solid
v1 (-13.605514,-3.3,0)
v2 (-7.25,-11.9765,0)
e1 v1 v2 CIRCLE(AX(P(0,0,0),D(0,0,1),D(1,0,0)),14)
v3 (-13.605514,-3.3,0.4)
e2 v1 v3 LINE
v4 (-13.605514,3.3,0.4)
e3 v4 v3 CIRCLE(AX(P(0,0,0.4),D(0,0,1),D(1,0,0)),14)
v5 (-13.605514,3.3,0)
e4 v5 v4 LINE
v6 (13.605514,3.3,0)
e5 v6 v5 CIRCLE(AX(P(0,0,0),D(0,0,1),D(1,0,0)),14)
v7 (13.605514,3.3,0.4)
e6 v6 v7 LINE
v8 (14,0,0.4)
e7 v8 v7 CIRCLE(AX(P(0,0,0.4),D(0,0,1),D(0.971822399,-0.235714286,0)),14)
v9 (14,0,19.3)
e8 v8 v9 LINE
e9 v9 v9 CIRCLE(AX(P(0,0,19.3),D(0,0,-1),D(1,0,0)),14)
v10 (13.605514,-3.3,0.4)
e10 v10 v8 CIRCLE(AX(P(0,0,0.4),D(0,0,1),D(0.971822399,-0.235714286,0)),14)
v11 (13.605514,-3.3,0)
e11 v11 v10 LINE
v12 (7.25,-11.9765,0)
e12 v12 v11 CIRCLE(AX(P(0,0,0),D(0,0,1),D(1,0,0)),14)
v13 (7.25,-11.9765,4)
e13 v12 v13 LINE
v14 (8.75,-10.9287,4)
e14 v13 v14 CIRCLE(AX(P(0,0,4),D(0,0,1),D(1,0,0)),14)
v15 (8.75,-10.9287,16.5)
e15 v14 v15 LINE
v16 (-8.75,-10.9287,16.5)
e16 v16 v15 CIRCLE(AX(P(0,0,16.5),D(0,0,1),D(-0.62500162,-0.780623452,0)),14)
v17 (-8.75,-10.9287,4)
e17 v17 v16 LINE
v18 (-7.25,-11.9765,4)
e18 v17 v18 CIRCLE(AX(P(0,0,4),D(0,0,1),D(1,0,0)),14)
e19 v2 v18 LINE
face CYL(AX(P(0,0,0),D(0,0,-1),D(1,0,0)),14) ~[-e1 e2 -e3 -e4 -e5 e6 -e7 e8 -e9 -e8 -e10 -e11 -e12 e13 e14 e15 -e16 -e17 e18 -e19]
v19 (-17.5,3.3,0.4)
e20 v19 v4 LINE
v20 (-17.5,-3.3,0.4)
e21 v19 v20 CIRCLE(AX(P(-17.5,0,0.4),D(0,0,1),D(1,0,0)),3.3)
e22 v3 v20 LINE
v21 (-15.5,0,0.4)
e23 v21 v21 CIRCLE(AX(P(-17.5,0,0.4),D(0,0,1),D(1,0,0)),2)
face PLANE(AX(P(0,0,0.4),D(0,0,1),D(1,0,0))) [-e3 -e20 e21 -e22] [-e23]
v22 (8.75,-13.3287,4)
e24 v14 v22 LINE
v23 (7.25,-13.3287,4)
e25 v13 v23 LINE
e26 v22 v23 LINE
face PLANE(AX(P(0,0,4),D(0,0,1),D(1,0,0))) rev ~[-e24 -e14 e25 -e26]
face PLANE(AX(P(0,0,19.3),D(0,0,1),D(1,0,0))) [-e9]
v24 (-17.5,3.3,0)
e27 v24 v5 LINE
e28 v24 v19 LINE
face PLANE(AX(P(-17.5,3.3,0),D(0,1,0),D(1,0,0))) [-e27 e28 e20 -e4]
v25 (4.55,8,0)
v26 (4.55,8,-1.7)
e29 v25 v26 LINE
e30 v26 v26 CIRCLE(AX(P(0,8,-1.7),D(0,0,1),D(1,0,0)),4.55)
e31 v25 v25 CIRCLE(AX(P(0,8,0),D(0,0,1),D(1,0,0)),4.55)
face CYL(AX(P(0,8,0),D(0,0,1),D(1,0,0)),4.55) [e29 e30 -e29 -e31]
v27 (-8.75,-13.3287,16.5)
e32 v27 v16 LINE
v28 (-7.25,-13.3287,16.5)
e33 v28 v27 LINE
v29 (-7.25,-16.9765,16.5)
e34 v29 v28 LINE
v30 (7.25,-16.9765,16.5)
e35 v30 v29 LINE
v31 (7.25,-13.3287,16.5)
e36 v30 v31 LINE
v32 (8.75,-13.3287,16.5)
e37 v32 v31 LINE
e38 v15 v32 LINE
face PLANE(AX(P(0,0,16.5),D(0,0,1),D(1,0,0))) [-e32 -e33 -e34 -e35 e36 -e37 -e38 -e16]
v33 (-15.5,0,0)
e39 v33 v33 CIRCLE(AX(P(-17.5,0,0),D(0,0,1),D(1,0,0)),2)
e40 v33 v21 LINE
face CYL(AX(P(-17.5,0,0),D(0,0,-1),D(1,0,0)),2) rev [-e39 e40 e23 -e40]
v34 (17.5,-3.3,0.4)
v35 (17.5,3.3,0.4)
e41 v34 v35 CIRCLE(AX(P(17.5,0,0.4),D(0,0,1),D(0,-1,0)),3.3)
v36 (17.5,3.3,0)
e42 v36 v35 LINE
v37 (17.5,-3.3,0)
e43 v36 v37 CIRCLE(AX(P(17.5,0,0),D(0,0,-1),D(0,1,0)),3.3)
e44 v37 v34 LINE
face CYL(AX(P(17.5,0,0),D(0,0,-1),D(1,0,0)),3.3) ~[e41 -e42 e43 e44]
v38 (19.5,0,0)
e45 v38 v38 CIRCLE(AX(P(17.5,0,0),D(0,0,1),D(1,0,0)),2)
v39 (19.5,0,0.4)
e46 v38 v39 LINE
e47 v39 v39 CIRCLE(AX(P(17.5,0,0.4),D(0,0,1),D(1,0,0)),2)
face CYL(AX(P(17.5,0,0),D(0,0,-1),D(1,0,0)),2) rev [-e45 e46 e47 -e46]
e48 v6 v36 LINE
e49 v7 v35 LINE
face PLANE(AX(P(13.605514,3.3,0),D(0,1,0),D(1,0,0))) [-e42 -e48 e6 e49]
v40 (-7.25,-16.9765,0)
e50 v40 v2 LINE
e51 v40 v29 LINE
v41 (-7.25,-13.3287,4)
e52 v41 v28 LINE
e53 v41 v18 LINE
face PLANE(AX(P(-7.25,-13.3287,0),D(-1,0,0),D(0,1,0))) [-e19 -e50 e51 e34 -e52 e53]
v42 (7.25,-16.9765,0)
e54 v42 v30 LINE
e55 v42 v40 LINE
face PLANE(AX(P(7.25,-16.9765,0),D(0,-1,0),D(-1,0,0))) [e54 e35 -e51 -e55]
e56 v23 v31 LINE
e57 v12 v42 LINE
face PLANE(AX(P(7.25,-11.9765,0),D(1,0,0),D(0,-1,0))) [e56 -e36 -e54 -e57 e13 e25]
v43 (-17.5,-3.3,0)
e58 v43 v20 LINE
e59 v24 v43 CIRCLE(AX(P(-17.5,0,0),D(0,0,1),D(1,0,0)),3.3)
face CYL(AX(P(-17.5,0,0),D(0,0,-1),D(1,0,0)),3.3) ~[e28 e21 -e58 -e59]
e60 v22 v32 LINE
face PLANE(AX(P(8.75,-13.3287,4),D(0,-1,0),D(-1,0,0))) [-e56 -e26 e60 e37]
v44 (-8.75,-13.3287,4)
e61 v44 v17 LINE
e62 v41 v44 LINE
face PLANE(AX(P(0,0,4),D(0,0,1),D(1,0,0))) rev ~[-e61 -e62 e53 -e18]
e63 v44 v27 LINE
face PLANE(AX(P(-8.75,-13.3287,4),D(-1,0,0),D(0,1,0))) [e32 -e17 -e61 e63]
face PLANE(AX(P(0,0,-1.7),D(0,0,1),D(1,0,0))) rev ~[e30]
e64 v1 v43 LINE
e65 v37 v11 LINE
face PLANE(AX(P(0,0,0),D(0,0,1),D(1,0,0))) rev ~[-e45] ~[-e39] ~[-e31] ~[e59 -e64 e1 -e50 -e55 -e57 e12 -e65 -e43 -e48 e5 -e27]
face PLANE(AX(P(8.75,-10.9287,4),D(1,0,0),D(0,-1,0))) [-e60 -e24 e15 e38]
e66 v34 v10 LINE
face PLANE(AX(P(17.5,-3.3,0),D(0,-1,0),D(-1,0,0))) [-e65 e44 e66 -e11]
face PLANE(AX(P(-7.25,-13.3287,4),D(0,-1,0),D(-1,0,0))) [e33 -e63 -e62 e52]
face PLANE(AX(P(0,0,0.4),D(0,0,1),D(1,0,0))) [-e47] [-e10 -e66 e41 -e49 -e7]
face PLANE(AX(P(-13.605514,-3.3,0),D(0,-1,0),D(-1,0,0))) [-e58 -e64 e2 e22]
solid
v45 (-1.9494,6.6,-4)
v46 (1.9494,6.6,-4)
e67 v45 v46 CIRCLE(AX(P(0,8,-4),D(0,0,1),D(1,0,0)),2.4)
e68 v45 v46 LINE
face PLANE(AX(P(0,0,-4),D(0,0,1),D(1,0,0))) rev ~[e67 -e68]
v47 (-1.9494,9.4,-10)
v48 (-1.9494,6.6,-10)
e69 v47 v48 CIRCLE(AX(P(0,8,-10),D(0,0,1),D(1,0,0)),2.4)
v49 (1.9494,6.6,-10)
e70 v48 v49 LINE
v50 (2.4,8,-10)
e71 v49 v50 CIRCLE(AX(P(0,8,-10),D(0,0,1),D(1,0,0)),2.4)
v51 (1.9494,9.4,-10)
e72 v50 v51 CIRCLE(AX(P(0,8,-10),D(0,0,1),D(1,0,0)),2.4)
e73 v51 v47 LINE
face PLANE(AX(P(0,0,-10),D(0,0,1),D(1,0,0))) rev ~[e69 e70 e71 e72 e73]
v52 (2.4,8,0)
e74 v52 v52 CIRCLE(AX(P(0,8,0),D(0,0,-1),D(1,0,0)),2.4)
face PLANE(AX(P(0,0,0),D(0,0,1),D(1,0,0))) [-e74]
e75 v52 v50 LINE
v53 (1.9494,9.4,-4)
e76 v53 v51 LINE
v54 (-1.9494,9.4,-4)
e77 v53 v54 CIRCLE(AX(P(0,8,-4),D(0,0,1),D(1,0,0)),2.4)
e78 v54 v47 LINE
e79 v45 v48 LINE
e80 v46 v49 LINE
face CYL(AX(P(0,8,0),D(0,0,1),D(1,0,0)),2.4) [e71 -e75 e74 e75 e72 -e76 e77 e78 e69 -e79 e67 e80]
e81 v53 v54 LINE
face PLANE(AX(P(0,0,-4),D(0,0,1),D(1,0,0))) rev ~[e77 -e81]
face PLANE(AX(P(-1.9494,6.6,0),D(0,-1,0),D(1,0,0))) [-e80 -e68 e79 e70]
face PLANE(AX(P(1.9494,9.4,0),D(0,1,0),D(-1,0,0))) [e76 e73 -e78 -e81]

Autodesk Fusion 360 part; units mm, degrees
sketch "スケッチ1" plane through (0, 0, 0) normal (0, 0, 1) x (1, 0, 0)
  circle A0 centre (0, 0) radius 14
  line L0 (-40.284, 0) -> (46.998, 0) construction
  circle A1 centre (-17.5, 0) radius 2
  circle A2 centre (17.5, 0) radius 2
  circle A3 centre (17.5, 0) radius 3.3
  circle A4 centre (-17.5, 0) radius 3.3
  line L1 (-17.5, 3.3) -> (17.5, 3.3)
  line L2 (17.5, -3.3) -> (-17.5, -3.3)
  line L3 (-7.25, -11.9765) -> (7.25, -11.9765)
  line L4 (7.25, -11.9765) -> (7.25, -16.9765)
  line L5 (7.25, -16.9765) -> (-7.25, -16.9765)
  line L6 (-7.25, -16.9765) -> (-7.25, -11.9765)
  line L7 (-8.75, -10.9287) -> (8.75, -10.9287)
  line L8 (8.75, -10.9287) -> (8.75, -13.3287)
  line L9 (8.75, -13.3287) -> (-8.75, -13.3287)
  line L10 (-8.75, -13.3287) -> (-8.75, -10.9287)
  dimension "d1" = 28
  dimension "d2" = 4
  dimension "d3" = 4
  dimension "d4" = 35
  dimension "d5" = 17.5
  dimension "d6" = 1.3
  dimension "d7" = 1.3
  dimension "d8" = 14.5
  dimension "d9" = 5
  dimension "d10" = 17.5
  dimension "d11" = 2.4
extrude "押し出し1" add sketch "スケッチ1" along normal blind 0.4 contours A0 A4 L1 L2 | A0 A3 L1 L2 | A4 | A3 makes body 1 at (15.8685, -2.7774, 0) makes body 2 at (-15.8685, -2.7774, 0)
extrude "押し出し2" add sketch "スケッチ1" along normal blind 19.3 contours A0 L3 L7 | A0 L2 L7 | A0 L3 L9 | A0 L1 L2 | A0 L9 | A0 L1 bodies 1 2
extrude "押し出し3" add sketch "スケッチ1" along normal blind 16.5 contours A0 L6 L9 | A0 L4 L5 L6 L9 | A0 L4 L9 bodies 1
extrude "押し出し4" add sketch "スケッチ1" along normal blind 16.5 and the other way blind -4 contours A0 L6 L9 L10 | A0 L4 L8 L9 bodies 1
sketch "スケッチ2" plane through (0, 0, 0) normal (0, 0, 1) x (1, 0, 0)
  line L0 (17.5639, 8) -> (-17.5639, 8) construction
  line L1 (0, 0) -> (0, 18.0854) construction
  circle A0 centre (0, 8) radius 4.55
  circle A1 centre (0, 8) radius 2.4
  line L2 (1.9494, 9.4) -> (-1.9494, 9.4)
  line L3 (-1.9494, 6.6) -> (1.9494, 6.6)
  dimension "d22" = 8
  dimension "d23" = 9.1
  dimension "d24" = 4.8
  dimension "d25" = 2.8
  dimension "d26" = 1.4
extrude "押し出し5" add sketch "スケッチ2" against normal blind 1.7 contours A0 | A1 L2 L3 | A1 L2 | A1 L3 bodies 1
extrude "押し出し6" add sketch "スケッチ2" against normal blind 10 separate body contours A1 L2 L3 makes body 3
extrude "押し出し7" add sketch "スケッチ2" against normal blind 4 contours A1 L2 | A1 L3 bodies 3
equation "d3 = d2"
equation "d5 = d4 / 2"
equation "d26 = d25 / 2"
